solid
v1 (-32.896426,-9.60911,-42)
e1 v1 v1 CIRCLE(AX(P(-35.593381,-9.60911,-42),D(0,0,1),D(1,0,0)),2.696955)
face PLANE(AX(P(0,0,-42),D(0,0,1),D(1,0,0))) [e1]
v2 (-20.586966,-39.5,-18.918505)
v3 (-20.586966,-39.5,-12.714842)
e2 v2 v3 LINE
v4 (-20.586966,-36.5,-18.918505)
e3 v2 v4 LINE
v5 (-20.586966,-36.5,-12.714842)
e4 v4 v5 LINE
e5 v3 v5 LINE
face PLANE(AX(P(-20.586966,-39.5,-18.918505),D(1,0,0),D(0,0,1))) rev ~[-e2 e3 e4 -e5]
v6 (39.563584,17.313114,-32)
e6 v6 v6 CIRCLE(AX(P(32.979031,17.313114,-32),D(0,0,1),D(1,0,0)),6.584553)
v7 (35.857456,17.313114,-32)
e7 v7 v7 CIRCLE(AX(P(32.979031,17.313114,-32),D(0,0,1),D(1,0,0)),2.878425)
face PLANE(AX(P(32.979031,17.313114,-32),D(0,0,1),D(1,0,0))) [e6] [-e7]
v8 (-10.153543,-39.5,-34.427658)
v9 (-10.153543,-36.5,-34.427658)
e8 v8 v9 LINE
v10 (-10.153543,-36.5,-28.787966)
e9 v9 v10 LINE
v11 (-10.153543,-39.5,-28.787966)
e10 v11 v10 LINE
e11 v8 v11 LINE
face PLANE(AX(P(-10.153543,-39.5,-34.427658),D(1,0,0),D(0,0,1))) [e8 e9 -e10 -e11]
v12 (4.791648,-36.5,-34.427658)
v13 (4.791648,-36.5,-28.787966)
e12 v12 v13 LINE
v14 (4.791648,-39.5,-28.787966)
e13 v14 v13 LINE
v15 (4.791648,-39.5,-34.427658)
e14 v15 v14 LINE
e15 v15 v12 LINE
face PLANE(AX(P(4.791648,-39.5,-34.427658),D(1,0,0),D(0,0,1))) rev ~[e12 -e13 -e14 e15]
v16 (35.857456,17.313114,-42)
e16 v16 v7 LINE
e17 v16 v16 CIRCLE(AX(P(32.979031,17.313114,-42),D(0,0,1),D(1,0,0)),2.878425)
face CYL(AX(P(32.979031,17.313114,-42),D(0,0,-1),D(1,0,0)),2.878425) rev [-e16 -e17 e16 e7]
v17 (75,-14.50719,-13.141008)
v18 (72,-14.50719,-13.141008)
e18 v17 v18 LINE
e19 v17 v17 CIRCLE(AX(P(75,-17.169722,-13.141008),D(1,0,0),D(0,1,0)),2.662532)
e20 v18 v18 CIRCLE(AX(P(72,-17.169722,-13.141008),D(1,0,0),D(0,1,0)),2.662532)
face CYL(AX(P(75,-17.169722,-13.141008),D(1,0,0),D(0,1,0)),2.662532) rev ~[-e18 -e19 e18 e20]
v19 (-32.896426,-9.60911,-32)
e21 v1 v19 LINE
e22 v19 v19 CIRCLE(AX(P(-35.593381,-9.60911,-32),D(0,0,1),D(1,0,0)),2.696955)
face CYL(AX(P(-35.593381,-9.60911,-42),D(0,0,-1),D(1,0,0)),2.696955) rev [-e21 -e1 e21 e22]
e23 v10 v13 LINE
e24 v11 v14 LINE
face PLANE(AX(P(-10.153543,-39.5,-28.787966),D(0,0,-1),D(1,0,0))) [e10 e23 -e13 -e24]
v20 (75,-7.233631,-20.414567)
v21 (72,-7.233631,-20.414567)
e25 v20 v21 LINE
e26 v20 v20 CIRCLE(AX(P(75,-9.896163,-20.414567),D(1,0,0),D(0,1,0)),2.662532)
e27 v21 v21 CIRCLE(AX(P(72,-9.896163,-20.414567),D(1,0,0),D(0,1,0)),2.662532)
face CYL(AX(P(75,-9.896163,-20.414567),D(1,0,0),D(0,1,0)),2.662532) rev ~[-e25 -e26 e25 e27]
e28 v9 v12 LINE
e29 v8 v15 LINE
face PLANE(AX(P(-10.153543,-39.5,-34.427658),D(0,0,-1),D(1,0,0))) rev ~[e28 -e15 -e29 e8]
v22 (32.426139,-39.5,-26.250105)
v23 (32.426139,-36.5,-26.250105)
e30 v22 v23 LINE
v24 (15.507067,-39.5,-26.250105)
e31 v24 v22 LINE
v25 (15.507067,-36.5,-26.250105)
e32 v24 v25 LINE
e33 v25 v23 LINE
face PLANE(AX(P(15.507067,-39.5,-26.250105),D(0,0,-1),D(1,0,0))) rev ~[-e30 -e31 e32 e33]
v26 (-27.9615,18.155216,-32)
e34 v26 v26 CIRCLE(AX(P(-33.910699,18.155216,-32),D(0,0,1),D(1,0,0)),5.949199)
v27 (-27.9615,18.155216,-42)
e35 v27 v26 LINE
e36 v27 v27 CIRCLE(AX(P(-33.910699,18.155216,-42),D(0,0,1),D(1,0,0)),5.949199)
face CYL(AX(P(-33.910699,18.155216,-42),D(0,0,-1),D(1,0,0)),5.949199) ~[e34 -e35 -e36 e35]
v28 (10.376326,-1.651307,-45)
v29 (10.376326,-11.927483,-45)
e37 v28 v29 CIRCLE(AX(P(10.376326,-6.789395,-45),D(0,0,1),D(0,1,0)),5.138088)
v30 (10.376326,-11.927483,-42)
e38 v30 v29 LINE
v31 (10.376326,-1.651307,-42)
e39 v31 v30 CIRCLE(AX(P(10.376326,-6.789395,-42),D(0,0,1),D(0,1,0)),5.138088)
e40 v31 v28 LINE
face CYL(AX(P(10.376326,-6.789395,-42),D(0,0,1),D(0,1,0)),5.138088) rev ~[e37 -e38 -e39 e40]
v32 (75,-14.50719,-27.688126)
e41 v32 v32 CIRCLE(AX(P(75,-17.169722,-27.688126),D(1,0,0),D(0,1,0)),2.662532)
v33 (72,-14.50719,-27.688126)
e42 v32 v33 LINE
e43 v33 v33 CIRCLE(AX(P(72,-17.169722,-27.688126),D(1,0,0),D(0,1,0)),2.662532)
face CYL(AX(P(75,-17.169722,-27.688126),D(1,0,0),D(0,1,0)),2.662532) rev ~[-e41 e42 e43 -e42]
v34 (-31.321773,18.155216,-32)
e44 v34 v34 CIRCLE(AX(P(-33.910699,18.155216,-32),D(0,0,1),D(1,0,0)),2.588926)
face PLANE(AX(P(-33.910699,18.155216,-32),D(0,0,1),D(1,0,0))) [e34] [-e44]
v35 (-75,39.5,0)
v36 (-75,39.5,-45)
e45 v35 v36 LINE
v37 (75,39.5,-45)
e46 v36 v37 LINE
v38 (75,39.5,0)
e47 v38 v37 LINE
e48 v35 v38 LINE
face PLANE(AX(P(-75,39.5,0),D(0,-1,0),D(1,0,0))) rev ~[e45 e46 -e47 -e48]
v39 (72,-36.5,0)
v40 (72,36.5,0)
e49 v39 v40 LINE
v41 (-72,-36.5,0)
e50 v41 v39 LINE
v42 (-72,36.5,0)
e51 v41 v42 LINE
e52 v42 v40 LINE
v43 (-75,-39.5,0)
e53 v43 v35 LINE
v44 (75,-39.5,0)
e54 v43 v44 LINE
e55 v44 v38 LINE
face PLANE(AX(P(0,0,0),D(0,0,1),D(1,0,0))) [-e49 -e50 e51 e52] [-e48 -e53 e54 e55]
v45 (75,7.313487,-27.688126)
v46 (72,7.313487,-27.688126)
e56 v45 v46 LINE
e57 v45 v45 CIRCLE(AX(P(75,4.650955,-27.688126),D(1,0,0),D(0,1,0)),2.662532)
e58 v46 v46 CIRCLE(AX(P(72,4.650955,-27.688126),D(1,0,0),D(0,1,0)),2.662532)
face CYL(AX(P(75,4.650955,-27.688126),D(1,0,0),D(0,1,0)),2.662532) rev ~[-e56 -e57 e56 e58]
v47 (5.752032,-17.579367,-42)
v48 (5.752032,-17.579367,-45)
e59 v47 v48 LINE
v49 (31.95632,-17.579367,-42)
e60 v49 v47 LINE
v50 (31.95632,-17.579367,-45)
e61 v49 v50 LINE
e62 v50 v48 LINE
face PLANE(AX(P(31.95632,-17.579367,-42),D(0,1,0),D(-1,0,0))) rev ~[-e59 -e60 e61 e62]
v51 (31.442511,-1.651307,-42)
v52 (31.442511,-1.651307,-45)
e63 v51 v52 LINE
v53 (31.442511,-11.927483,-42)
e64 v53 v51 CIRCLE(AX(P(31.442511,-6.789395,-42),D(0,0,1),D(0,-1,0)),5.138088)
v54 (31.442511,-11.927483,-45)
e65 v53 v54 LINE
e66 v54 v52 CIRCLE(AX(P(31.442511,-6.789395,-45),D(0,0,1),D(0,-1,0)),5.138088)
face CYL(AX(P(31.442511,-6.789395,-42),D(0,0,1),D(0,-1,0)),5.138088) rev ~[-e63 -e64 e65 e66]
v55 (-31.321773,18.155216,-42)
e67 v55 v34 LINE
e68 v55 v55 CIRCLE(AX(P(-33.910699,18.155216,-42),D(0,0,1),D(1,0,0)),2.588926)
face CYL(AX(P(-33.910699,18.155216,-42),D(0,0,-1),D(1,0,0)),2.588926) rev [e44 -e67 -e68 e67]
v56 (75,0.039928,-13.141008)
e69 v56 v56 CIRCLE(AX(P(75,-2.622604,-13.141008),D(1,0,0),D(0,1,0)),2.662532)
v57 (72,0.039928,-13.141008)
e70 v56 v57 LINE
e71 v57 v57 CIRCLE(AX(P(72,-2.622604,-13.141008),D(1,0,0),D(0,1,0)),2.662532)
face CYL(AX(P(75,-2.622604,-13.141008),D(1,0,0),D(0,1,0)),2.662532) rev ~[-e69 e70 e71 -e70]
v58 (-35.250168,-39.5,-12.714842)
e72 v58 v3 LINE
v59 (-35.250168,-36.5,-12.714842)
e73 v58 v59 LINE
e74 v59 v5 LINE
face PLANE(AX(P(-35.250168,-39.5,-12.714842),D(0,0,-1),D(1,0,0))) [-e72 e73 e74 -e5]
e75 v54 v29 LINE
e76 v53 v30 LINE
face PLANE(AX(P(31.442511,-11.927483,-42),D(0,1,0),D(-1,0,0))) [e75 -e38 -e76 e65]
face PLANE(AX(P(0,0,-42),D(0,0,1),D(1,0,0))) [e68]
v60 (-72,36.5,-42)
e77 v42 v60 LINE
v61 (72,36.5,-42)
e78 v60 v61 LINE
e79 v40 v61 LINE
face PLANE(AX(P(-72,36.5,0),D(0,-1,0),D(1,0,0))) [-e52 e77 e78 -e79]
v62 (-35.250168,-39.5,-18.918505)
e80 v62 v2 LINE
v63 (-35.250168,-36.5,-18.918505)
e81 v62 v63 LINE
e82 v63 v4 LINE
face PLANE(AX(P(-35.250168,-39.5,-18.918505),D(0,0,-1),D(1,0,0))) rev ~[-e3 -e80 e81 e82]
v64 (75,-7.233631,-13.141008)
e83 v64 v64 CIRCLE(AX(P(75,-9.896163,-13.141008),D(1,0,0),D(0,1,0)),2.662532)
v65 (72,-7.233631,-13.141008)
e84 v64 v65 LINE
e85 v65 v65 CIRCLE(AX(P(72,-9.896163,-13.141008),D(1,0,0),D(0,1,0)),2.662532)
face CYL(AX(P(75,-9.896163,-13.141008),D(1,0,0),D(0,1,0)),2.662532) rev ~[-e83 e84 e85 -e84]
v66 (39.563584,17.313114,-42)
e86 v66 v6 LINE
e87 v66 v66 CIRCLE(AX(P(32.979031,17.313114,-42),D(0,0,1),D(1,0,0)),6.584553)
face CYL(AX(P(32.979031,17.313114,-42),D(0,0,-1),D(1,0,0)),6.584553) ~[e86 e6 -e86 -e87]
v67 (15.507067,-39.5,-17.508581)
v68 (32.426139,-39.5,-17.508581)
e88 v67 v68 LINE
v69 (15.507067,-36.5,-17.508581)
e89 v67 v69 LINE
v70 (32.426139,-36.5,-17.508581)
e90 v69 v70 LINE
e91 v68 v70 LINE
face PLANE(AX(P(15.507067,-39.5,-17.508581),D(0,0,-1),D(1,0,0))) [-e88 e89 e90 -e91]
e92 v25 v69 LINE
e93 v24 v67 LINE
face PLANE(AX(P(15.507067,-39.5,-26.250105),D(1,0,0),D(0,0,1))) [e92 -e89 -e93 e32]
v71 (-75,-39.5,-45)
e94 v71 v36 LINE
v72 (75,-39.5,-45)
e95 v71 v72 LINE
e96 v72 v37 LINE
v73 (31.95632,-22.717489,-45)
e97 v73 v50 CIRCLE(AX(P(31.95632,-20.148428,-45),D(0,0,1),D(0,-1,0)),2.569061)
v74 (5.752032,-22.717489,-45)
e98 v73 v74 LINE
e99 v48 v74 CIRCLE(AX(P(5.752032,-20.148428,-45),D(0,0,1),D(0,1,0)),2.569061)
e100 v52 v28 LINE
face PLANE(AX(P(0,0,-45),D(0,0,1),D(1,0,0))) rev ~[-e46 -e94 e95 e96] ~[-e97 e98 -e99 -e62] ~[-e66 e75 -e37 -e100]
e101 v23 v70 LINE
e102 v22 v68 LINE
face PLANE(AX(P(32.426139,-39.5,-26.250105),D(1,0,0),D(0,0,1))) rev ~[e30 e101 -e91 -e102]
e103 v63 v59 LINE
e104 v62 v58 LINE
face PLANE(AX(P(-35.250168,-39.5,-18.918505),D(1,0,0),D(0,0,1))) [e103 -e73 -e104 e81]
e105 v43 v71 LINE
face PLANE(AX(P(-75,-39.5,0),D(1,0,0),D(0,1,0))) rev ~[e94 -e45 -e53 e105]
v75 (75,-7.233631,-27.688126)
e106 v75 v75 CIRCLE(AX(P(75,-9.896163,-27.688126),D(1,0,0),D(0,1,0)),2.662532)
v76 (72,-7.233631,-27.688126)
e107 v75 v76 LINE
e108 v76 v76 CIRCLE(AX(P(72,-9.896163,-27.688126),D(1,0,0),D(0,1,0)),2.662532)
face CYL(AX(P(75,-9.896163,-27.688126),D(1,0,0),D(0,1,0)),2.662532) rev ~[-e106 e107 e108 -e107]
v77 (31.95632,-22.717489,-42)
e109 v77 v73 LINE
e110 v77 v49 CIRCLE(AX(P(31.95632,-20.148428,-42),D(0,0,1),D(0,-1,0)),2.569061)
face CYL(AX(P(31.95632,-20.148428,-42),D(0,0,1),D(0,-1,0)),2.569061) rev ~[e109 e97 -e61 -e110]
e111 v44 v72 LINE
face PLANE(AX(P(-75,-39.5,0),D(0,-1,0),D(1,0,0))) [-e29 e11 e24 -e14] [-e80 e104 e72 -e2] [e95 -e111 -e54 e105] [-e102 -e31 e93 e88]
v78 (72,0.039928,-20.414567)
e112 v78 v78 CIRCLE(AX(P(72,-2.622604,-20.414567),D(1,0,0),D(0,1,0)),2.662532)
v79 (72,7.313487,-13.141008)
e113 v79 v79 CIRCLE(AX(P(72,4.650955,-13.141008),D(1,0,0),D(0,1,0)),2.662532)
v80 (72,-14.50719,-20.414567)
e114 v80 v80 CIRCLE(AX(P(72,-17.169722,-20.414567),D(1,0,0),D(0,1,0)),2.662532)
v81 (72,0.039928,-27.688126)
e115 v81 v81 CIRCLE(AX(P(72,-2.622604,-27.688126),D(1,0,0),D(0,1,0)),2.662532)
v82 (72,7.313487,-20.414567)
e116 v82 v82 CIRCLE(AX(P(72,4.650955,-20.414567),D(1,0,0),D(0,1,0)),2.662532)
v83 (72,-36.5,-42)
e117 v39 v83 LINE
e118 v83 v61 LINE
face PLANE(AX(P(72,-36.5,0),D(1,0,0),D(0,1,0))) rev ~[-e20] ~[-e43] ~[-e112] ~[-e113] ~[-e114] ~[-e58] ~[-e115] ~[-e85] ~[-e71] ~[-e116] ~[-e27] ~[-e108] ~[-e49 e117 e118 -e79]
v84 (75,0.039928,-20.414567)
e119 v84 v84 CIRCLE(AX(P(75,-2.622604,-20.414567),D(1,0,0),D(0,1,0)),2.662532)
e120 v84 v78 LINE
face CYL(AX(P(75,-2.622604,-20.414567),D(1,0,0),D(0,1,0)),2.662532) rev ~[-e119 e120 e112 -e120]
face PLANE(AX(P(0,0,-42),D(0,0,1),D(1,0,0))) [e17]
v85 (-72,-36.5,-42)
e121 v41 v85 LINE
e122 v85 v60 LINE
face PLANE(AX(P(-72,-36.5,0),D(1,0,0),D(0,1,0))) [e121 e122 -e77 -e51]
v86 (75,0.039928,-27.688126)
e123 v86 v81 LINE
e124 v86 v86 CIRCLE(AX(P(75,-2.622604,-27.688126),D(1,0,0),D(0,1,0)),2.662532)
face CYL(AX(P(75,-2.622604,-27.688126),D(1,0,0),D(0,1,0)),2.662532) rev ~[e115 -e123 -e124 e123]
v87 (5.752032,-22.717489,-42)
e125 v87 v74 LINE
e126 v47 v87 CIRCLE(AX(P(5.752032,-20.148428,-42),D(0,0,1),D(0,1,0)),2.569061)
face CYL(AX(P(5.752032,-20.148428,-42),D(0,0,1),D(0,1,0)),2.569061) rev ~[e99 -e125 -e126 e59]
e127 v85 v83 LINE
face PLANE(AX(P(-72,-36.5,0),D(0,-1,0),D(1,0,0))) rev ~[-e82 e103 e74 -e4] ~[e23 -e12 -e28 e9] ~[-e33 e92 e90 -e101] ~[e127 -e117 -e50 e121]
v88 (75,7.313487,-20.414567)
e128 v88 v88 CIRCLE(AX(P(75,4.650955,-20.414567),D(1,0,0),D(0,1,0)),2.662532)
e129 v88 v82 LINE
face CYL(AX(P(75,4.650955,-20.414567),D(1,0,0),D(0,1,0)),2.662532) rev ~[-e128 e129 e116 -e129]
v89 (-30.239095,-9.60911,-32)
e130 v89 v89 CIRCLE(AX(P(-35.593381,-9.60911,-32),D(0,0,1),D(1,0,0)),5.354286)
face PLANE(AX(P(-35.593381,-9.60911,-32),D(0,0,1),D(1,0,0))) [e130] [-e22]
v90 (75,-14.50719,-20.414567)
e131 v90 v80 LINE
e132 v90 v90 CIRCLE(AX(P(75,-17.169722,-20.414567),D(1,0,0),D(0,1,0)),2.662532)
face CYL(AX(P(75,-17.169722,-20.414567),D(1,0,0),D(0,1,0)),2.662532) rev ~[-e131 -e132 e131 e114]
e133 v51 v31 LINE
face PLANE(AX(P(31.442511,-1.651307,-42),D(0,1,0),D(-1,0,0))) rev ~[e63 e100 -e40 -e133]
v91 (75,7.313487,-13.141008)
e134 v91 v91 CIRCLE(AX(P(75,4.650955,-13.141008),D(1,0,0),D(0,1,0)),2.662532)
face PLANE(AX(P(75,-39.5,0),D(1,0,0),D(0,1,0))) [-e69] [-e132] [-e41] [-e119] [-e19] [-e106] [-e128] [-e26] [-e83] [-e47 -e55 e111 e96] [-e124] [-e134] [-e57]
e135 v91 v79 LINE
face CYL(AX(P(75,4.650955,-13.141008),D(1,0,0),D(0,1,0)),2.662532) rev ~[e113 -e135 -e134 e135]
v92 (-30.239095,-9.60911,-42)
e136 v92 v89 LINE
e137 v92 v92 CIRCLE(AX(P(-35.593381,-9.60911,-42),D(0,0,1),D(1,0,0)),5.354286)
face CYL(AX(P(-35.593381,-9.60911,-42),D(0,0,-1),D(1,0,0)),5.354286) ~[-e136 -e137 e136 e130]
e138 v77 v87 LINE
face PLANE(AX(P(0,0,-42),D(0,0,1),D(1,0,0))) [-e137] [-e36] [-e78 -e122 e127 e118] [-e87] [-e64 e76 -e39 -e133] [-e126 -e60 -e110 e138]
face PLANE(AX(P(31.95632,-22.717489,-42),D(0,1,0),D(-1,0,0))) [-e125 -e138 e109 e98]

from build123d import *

# Parameters (mm, degrees)
SKETCH_W        = 150
SKETCH_H        = 79
PAD_DEPTH       = 45
SKETCH001_W     = 144
SKETCH001_H     = 73
POCKET_DEPTH    = 42
SKETCH002_W     = 14.663201
SKETCH002_H     = 6.203663
SKETCH002_W_2   = 16.919073
SKETCH002_H_2   = 8.741524
SKETCH002_W_3   = 14.945191
SKETCH002_H_3   = 5.639692
POCKET001_DEPTH = 3
SKETCH003_R     = 5.949199
SKETCH003_R_2   = 2.588926
SKETCH003_R_3   = 5.354286
SKETCH003_R_4   = 2.696955
SKETCH003_R_5   = 6.584553
SKETCH003_R_6   = 2.878425
PAD001_DEPTH    = 10
POCKET002_DEPTH = 3
SKETCH005_R     = 2.662532
POCKET003_DEPTH = 3


with BuildPart() as part:
    # Sketch → Pad (new body)
    with BuildSketch(Plane.XY):
        Rectangle(SKETCH_W, SKETCH_H)
    extrude(amount=-PAD_DEPTH)

    # Sketch001 → Pocket (cut)
    with BuildSketch(Plane.XY):
        Rectangle(SKETCH001_W, SKETCH001_H)
    extrude(amount=-POCKET_DEPTH, mode=Mode.SUBTRACT)

    # Sketch002 (on DatumPlane) → Pocket001 (cut)
    with BuildSketch(Plane.XZ.offset(39.5)):
        with Locations((-27.918567, -15.816674)):
            Rectangle(SKETCH002_W, SKETCH002_H)
        with Locations((23.966603, -21.879343)):
            Rectangle(SKETCH002_W_2, SKETCH002_H_2)
        with Locations((-2.680947, -31.607812)):
            Rectangle(SKETCH002_W_3, SKETCH002_H_3)
    extrude(amount=-POCKET001_DEPTH, mode=Mode.SUBTRACT)

    # Sketch003 (on DatumPlane) → Pad001 (join)
    with BuildSketch(Plane.XY.offset(-42)):
        with Locations((-33.910699, 18.155216)):
            Circle(SKETCH003_R)
        with Locations((-33.910699, 18.155216)):
            Circle(SKETCH003_R_2, mode=Mode.SUBTRACT)
        with Locations((-35.593381, -9.60911)):
            Circle(SKETCH003_R_3)
        with Locations((-35.593381, -9.60911)):
            Circle(SKETCH003_R_4, mode=Mode.SUBTRACT)
        with Locations((32.979031, 17.313114)):
            Circle(SKETCH003_R_5)
        with Locations((32.979031, 17.313114)):
            Circle(SKETCH003_R_6, mode=Mode.SUBTRACT)
    extrude(amount=PAD001_DEPTH)

    # Sketch004 (on DatumPlane) → Pocket002 (cut)
    with BuildSketch(Plane.XY.offset(-42)):
        with BuildLine():
            ThreePointArc((31.442511, -11.927483), (36.580599, -6.789395), (31.442511, -1.651307))
            Line((31.442511, -1.651307), (10.376326, -1.651307))
            ThreePointArc((10.376326, -1.651307), (5.238238, -6.789395), (10.376326, -11.927483))
            Line((31.442511, -11.927483), (10.376326, -11.927483))
        make_face()
        with BuildLine():
            ThreePointArc((31.95632, -22.717489), (34.525381, -20.148428), (31.95632, -17.579367))
            Line((31.95632, -17.579367), (5.752032, -17.579367))
            ThreePointArc((5.752032, -17.579367), (3.182971, -20.148428), (5.752032, -22.717489))
            Line((31.95632, -22.717489), (5.752032, -22.717489))
        make_face()
    extrude(amount=-POCKET002_DEPTH, mode=Mode.SUBTRACT)

    # Sketch005 (on DatumPlane) → Pocket003 (cut)
    with BuildSketch(Plane.YZ.offset(75)):
        with Locations((-17.169722, -13.141008)):
            Circle(SKETCH005_R)
        with Locations((-9.896163, -13.141008)):
            Circle(SKETCH005_R)
        with Locations((-2.622604, -13.141008)):
            Circle(SKETCH005_R)
        with Locations((4.650955, -13.141008)):
            Circle(SKETCH005_R)
        with Locations((-17.169722, -20.414567)):
            Circle(SKETCH005_R)
        with Locations((-9.896163, -20.414567)):
            Circle(SKETCH005_R)
        with Locations((-2.622604, -20.414567)):
            Circle(SKETCH005_R)
        with Locations((4.650955, -20.414567)):
            Circle(SKETCH005_R)
        with Locations((-17.169722, -27.688126)):
            Circle(SKETCH005_R)
        with Locations((-9.896163, -27.688126)):
            Circle(SKETCH005_R)
        with Locations((-2.622604, -27.688126)):
            Circle(SKETCH005_R)
        with Locations((4.650955, -27.688126)):
            Circle(SKETCH005_R)
    extrude(amount=-POCKET003_DEPTH, mode=Mode.SUBTRACT)


solid = part.part
